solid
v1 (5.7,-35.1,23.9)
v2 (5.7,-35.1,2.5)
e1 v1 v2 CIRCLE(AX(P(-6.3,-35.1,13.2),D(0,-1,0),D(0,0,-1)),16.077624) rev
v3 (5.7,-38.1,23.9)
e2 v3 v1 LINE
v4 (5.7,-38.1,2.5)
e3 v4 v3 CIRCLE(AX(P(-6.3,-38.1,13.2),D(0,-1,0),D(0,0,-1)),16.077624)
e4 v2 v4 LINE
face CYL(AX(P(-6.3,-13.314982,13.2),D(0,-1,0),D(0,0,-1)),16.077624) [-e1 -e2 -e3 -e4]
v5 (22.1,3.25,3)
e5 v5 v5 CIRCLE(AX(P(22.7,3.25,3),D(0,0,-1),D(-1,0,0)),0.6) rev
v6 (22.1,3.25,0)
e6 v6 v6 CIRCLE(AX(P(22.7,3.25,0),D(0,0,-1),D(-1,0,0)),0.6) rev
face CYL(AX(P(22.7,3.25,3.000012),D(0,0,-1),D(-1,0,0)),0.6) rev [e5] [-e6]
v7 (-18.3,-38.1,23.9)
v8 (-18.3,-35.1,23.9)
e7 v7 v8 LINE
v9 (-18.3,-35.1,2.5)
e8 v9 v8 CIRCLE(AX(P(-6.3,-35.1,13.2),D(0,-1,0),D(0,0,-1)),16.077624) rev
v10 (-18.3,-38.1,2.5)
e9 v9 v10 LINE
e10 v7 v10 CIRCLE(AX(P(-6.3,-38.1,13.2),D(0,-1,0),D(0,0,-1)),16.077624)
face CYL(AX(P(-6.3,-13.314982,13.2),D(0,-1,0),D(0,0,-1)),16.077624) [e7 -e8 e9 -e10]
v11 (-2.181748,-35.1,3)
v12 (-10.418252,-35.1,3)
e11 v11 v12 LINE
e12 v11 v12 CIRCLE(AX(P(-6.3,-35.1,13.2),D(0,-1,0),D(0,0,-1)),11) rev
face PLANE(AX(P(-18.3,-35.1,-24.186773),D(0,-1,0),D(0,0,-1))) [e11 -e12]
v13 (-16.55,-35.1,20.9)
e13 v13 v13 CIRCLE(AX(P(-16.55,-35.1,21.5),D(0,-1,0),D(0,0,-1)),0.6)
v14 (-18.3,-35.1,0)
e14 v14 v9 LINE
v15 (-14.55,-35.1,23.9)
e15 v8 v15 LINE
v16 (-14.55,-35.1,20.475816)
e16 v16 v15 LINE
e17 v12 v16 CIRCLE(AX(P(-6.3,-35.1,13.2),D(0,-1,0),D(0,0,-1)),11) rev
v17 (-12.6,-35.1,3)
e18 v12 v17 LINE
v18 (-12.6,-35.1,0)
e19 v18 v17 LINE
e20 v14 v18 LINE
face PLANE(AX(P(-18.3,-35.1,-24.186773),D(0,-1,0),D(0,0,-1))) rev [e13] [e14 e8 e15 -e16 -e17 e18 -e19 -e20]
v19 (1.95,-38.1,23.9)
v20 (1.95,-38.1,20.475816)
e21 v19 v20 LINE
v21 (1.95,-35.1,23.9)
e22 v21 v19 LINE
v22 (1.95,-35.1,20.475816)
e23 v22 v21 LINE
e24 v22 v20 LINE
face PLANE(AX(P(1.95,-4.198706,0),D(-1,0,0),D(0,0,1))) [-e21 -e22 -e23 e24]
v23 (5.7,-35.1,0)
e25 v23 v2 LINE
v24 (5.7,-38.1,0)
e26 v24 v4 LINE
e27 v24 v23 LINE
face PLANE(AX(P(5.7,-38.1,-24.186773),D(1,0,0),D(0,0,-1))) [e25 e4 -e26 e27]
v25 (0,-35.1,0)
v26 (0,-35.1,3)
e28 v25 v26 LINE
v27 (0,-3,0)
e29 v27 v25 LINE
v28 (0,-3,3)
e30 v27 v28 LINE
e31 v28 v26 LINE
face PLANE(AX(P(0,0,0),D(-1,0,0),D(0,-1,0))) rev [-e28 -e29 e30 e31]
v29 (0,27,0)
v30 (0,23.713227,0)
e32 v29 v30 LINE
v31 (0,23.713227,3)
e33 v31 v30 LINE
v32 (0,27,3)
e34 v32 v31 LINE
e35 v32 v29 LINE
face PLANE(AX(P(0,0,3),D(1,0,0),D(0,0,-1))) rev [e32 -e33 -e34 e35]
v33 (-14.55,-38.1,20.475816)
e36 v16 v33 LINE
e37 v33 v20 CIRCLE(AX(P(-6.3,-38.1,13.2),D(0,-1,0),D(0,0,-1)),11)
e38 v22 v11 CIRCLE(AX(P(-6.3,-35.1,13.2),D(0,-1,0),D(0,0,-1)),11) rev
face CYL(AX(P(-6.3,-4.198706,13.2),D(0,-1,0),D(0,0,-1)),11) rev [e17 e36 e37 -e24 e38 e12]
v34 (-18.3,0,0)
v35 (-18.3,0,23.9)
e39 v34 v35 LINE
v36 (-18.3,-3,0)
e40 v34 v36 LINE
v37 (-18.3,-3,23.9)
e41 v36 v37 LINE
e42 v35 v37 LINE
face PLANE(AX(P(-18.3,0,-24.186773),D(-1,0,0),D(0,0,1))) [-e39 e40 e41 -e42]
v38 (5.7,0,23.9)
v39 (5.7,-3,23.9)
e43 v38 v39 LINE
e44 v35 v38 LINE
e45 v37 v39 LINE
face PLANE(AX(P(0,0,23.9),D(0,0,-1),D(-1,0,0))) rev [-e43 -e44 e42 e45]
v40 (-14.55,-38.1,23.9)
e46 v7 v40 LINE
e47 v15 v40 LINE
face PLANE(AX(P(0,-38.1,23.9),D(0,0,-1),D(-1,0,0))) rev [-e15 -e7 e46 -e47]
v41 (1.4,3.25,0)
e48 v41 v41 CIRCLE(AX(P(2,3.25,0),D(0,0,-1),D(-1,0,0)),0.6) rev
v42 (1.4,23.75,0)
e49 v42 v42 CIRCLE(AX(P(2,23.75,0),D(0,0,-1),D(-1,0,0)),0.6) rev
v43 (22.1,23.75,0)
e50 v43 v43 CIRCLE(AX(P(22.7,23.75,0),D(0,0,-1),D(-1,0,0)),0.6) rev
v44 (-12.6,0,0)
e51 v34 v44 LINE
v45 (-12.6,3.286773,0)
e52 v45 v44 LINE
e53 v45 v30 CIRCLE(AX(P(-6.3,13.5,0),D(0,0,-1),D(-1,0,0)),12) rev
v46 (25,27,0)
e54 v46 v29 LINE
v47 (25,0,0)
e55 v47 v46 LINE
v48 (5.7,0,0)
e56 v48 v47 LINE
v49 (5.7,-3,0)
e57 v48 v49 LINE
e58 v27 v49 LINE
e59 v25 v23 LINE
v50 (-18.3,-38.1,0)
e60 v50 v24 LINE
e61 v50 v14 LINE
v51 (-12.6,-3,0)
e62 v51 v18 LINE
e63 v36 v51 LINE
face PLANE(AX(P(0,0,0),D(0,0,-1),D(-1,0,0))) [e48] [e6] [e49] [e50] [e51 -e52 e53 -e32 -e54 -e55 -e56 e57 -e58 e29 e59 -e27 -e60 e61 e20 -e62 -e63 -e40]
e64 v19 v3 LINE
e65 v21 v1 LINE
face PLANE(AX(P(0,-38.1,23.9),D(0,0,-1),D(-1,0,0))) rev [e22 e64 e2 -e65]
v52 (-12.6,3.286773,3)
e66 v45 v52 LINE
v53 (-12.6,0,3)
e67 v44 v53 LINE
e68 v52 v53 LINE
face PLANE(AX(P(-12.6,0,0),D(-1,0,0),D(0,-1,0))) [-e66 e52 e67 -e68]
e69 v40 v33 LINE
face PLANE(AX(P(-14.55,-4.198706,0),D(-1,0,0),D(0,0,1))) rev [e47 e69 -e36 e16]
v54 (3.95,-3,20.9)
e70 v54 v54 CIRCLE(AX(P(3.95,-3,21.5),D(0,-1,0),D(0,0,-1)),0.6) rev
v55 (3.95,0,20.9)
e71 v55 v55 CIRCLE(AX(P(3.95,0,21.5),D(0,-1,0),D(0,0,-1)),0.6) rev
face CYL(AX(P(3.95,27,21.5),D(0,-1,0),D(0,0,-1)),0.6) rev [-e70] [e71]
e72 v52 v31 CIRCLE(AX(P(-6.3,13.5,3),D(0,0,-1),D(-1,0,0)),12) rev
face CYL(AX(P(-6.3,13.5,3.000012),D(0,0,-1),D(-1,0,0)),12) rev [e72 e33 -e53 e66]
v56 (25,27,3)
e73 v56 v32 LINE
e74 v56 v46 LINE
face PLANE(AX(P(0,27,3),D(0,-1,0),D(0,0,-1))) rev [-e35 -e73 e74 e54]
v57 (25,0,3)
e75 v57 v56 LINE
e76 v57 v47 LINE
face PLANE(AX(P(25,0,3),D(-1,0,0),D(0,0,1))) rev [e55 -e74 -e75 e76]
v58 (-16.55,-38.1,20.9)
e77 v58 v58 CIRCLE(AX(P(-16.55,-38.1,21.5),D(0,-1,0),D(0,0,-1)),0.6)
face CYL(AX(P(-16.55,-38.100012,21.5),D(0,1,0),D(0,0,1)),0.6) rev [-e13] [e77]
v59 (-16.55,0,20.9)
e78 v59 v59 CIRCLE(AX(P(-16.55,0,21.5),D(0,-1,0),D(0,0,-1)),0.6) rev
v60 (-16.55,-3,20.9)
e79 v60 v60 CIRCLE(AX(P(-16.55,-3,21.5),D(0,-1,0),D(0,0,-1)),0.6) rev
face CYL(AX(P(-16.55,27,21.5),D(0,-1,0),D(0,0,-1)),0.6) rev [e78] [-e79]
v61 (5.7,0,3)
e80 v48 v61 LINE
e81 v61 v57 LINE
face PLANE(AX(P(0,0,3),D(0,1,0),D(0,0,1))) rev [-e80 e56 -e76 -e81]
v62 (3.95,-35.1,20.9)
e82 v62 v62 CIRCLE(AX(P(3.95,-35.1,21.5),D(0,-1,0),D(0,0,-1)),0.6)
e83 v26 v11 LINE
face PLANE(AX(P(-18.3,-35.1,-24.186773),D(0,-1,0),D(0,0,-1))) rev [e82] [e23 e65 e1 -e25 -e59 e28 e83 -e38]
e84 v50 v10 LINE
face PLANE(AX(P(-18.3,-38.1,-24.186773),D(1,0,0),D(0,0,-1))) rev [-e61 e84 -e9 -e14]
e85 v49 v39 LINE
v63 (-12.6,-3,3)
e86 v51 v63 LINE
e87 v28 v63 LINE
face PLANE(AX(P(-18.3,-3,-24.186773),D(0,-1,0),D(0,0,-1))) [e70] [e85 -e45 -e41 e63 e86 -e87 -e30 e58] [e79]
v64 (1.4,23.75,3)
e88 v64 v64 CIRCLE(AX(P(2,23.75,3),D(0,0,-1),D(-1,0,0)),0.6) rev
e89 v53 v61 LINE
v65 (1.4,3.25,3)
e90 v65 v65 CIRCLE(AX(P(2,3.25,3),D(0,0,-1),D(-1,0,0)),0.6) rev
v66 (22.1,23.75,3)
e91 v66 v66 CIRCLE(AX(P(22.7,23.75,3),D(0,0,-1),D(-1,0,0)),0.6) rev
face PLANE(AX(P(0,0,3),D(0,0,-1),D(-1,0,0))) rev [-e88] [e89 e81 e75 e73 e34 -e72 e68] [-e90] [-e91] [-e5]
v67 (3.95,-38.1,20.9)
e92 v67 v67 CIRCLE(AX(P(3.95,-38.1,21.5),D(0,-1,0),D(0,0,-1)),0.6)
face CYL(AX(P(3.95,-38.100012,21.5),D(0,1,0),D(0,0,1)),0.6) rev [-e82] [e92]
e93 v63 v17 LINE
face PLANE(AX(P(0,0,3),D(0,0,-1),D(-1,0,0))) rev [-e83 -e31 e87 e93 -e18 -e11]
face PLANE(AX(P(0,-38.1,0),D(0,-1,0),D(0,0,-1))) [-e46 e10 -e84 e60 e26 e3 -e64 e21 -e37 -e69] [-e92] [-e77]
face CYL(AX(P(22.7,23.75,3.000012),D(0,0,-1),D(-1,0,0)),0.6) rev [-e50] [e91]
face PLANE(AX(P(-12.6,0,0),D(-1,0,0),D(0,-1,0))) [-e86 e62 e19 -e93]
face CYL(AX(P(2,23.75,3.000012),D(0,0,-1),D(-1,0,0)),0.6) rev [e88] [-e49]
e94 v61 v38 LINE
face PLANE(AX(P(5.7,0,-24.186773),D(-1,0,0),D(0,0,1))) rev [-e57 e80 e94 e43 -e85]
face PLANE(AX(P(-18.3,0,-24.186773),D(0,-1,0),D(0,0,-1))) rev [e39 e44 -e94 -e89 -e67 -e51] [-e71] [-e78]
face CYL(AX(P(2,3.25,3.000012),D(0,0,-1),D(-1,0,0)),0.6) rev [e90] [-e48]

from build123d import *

# Parameters (mm, degrees)
SKETCH_1_W                      = 25
SKETCH_1_H                      = 27
EXTRUDE_1_DEPTH                 = 3
CUT_EXTRUDE_1_REACH             = 38.919
SKETCH_2_R                      = 0.6
SKETCH_2_R_2                    = 12
CUT_EXTRUDE_1_DIRECTION_2_DEPTH = 37.918829884
EXTRUDE_2_DEPTH                 = 3
SKETCH_4_W                      = 24
SKETCH_4_H                      = 3
EXTRUDE_3_DEPTH                 = 20.9
EXTRUDE_3_DIRECTION_2_REACH     = 47.668
CUT_EXTRUDE_2_REACH             = 53.457
SKETCH_5_R                      = 0.6
CUT_EXTRUDE_2_DIRECTION_2_DEPTH = 52.456972317
CUT_EXTRUDE_4_DEPTH             = 3
EXTRUDE_4_DEPTH                 = 3


with BuildPart() as part:
    # 草图1 → 凸台-拉伸1 (new body)
    with BuildSketch(Plane.XY):
        with Locations((12.5, 13.5)):
            Rectangle(SKETCH_1_W, SKETCH_1_H)
    extrude(amount=EXTRUDE_1_DEPTH)

    # 草图2 → 切除-拉伸1 (cut, up to next)
    with BuildSketch(Plane.XY.offset(3), mode=Mode.PRIVATE) as cut_extrude_1_sk1:
        with Locations(Location((2, 23.75, 0), (0, 0, 180))):
            Circle(SKETCH_2_R)
    cut_extrude_1_tool1 = extrude(cut_extrude_1_sk1.sketch, amount=-CUT_EXTRUDE_1_REACH, mode=Mode.PRIVATE) & part.part
    # 草图2 → 切除-拉伸1 (cut, up to next)
    with BuildSketch(Plane.XY.offset(3), mode=Mode.PRIVATE) as cut_extrude_1_sk2:
        with Locations(Location((22.7, 23.75, 0), (0, 0, 180))):
            Circle(SKETCH_2_R)
    cut_extrude_1_tool2 = extrude(cut_extrude_1_sk2.sketch, amount=-CUT_EXTRUDE_1_REACH, mode=Mode.PRIVATE) & part.part
    # 草图2 → 切除-拉伸1 (cut, up to next)
    with BuildSketch(Plane.XY.offset(3), mode=Mode.PRIVATE) as cut_extrude_1_sk3:
        with Locations(Location((22.7, 3.25, 0), (0, 0, 180))):
            Circle(SKETCH_2_R)
    cut_extrude_1_tool3 = extrude(cut_extrude_1_sk3.sketch, amount=-CUT_EXTRUDE_1_REACH, mode=Mode.PRIVATE) & part.part
    # 草图2 → 切除-拉伸1 (cut, up to next)
    with BuildSketch(Plane.XY.offset(3), mode=Mode.PRIVATE) as cut_extrude_1_sk4:
        with Locations(Location((2, 3.25, 0), (0, 0, 180))):
            Circle(SKETCH_2_R)
    cut_extrude_1_tool4 = extrude(cut_extrude_1_sk4.sketch, amount=-CUT_EXTRUDE_1_REACH, mode=Mode.PRIVATE) & part.part
    # 草图2 → 切除-拉伸1 (cut, up to next)
    with BuildSketch(Plane.XY.offset(3), mode=Mode.PRIVATE) as cut_extrude_1_sk5:
        with Locations((-6.3, 13.5)):
            Circle(SKETCH_2_R_2)
    cut_extrude_1_tool5 = extrude(cut_extrude_1_sk5.sketch, amount=-CUT_EXTRUDE_1_REACH, mode=Mode.PRIVATE) & part.part
    add(cut_extrude_1_tool1.solids().sort_by_distance((2, 23.75, 3))[0], mode=Mode.SUBTRACT)
    add(cut_extrude_1_tool2.solids().sort_by_distance((22.7, 23.75, 3))[0], mode=Mode.SUBTRACT)
    add(cut_extrude_1_tool3.solids().sort_by_distance((22.7, 3.25, 3))[0], mode=Mode.SUBTRACT)
    add(cut_extrude_1_tool4.solids().sort_by_distance((2, 3.25, 3))[0], mode=Mode.SUBTRACT)
    add(cut_extrude_1_tool5.solids().sort_by_distance((-6.3, 13.5, 3))[0], mode=Mode.SUBTRACT)

    # 草图2 → 切除-拉伸1 direction 2 (cut)
    with BuildSketch(Plane.XY.offset(3)):
        with Locations(Location((2, 23.75, 0), (0, 0, 180))):
            Circle(SKETCH_2_R)
        with Locations(Location((22.7, 23.75, 0), (0, 0, 180))):
            Circle(SKETCH_2_R)
        with Locations(Location((22.7, 3.25, 0), (0, 0, 180))):
            Circle(SKETCH_2_R)
        with Locations(Location((2, 3.25, 0), (0, 0, 180))):
            Circle(SKETCH_2_R)
        with Locations((-6.3, 13.5)):
            Circle(SKETCH_2_R_2)
    extrude(amount=CUT_EXTRUDE_1_DIRECTION_2_DEPTH, mode=Mode.SUBTRACT)

    # 草图3 → 凸台-拉伸2 (add)
    with BuildSketch(Plane.XY.offset(3)):
        with BuildLine():
            ThreePointArc((0, 3.286773282), (-3.025761204, 1.955331953), (-6.3, 1.5))
            Line((-6.3, 1.5), (-6.3, -38.1))
            Line((-6.3, -38.1), (0, -38.1))
            Line((0, -38.1), (0, 0))
            Line((0, 0), (0, 3.286773282))
        make_face()
        with BuildLine():
            Line((-6.3, -38.1), (-6.3, 1.5))
            ThreePointArc((-6.3, 1.5), (-9.574238796, 1.955331953), (-12.6, 3.286773282))
            Line((-12.6, 3.286773282), (-12.6, -38.1))
            Line((-12.6, -38.1), (-6.3, -38.1))
        make_face()
    extrude(amount=-EXTRUDE_2_DEPTH)

    # 草图4 → 凸台-拉伸3 (add)
    with BuildSketch(Plane.XY.offset(3)):
        with Locations((-6.3, -1.5)):
            Rectangle(SKETCH_4_W, SKETCH_4_H)
    extrude_3 = extrude(amount=EXTRUDE_3_DEPTH)

    # 凸台-拉伸3 direction 2: up to this face of the body (flat: up to its plane)
    extrude_3_direction_2_end = Plane(part.part.faces().sort_by_distance((6.451782548, 13.5, 0))[0])
    # 草图4 → 凸台-拉伸3 direction 2 (add, up to the picked face)
    with BuildSketch(Plane.XY.offset(3), mode=Mode.PRIVATE) as extrude_3_direction_2_sk1:
        with Locations((-6.3, -1.5)):
            Rectangle(SKETCH_4_W, SKETCH_4_H)
    extrude_3_direction_2_tool1 = split(extrude(extrude_3_direction_2_sk1.sketch, amount=-EXTRUDE_3_DIRECTION_2_REACH, mode=Mode.PRIVATE), bisect_by=extrude_3_direction_2_end, keep=Keep.BOTH, mode=Mode.PRIVATE)
    extrude_3_direction_2 = extrude_3_direction_2_tool1.solids().sort_by(Axis((-6.3, -1.5, 3), (0, 0, -1)))[0]
    add(extrude_3_direction_2)

    # 草图5 → 切除-拉伸2 (cut, up to next)
    with BuildSketch(Plane(origin=(0, 0, 0), x_dir=(1, 0, 0), z_dir=(0, 1, 0)), mode=Mode.PRIVATE) as cut_extrude_2_sk1:
        with Locations(Location((-16.55, -21.5, 0), (0, 0, 90))):
            Circle(SKETCH_5_R)
    cut_extrude_2_tool1 = extrude(cut_extrude_2_sk1.sketch, amount=-CUT_EXTRUDE_2_REACH, mode=Mode.PRIVATE) & part.part
    # 草图5 → 切除-拉伸2 (cut, up to next)
    with BuildSketch(Plane(origin=(0, 0, 0), x_dir=(1, 0, 0), z_dir=(0, 1, 0)), mode=Mode.PRIVATE) as cut_extrude_2_sk2:
        with Locations(Location((3.95, -21.5, 0), (0, 0, 90))):
            Circle(SKETCH_5_R)
    cut_extrude_2_tool2 = extrude(cut_extrude_2_sk2.sketch, amount=-CUT_EXTRUDE_2_REACH, mode=Mode.PRIVATE) & part.part
    cut_extrude_2_1 = cut_extrude_2_tool1.solids().sort_by_distance((-16.55, 0, 21.5))[0]
    add(cut_extrude_2_1, mode=Mode.SUBTRACT)
    cut_extrude_2_2 = cut_extrude_2_tool2.solids().sort_by_distance((3.95, 0, 21.5))[0]
    add(cut_extrude_2_2, mode=Mode.SUBTRACT)
    cut_extrude_2 = cut_extrude_2_1 + cut_extrude_2_2  # 切除-拉伸2 as one shape, for the pattern or mirror that repeats it

    # 草图5 → 切除-拉伸2 direction 2 (cut)
    with BuildSketch(Plane(origin=(0, 0, 0), x_dir=(1, 0, 0), z_dir=(0, 1, 0))):
        with Locations(Location((-16.55, -21.5, 0), (0, 0, 90))):
            Circle(SKETCH_5_R)
        with Locations(Location((3.95, -21.5, 0), (0, 0, 90))):
            Circle(SKETCH_5_R)
    cut_extrude_2_direction_2 = extrude(amount=CUT_EXTRUDE_2_DIRECTION_2_DEPTH, mode=Mode.SUBTRACT)

    # 镜向3: 凸台-拉伸3, 凸台-拉伸3 direction 2, 切除-拉伸2, 切除-拉伸2 direction 2 across plane
    add(extrude_3.mirror(Plane(origin=(0, -19.05, 0), x_dir=(0, 0, 1), z_dir=(0, -1, 0))))
    add(extrude_3_direction_2.mirror(Plane(origin=(0, -19.05, 0), x_dir=(0, 0, 1), z_dir=(0, -1, 0))))
    add(cut_extrude_2.mirror(Plane(origin=(0, -19.05, 0), x_dir=(0, 0, 1), z_dir=(0, -1, 0))), mode=Mode.SUBTRACT)
    add(cut_extrude_2_direction_2.mirror(Plane(origin=(0, -19.05, 0), x_dir=(0, 0, 1), z_dir=(0, -1, 0))), mode=Mode.SUBTRACT)

    # 草图9 → 切除-拉伸4 (cut)
    with BuildSketch(Plane.XZ.offset(38.1)):
        with BuildLine():
            ThreePointArc((-8.851470164, 23.9), (-11.965615436, 22.628722169), (-14.55, 20.475816105))
            ThreePointArc((-14.55, 20.475816105), (-10.189087297, 2.910442186), (4.7, 13.2))
            ThreePointArc((4.7, 13.2), (3.989557814, 17.089087297), (1.95, 20.475816105))
            ThreePointArc((1.95, 20.475816105), (-0.634384564, 22.628722169), (-3.748529836, 23.9))
            Line((-3.748529836, 23.9), (-8.851470164, 23.9))
        make_face()
        with BuildLine():
            ThreePointArc((-3.748529836, 23.9), (-6.3, 24.2), (-8.851470164, 23.9))
            Line((-8.851470164, 23.9), (-3.748529836, 23.9))
        make_face()
        with BuildLine():
            Line((-8.851470164, 23.9), (-14.55, 23.9))
            Line((-14.55, 23.9), (-14.55, 20.475816105))
            ThreePointArc((-14.55, 20.475816105), (-11.965615436, 22.628722169), (-8.851470164, 23.9))
        make_face()
        with BuildLine():
            Line((1.95, 23.9), (-3.748529836, 23.9))
            ThreePointArc((-3.748529836, 23.9), (-0.634384564, 22.628722169), (1.95, 20.475816105))
            Line((1.95, 20.475816105), (1.95, 23.9))
        make_face()
    extrude(amount=-CUT_EXTRUDE_4_DEPTH, mode=Mode.SUBTRACT)

    # 草图10 → 凸台-拉伸4 (add)
    with BuildSketch(Plane.XZ.offset(38.1)):
        with BuildLine():
            ThreePointArc((-18.3, 23.9), (-22.377624203, 13.2), (-18.3, 2.5))
            Line((-18.3, 2.5), (-18.3, 23.9))
        make_face()
        with BuildLine():
            Line((5.7, 23.9), (5.7, 2.5))
            ThreePointArc((5.7, 2.5), (8.723672827, 7.474682997), (9.777624203, 13.2))
            ThreePointArc((9.777624203, 13.2), (8.723672827, 18.925317003), (5.7, 23.9))
        make_face()
    extrude(amount=-EXTRUDE_4_DEPTH)


solid = part.part
